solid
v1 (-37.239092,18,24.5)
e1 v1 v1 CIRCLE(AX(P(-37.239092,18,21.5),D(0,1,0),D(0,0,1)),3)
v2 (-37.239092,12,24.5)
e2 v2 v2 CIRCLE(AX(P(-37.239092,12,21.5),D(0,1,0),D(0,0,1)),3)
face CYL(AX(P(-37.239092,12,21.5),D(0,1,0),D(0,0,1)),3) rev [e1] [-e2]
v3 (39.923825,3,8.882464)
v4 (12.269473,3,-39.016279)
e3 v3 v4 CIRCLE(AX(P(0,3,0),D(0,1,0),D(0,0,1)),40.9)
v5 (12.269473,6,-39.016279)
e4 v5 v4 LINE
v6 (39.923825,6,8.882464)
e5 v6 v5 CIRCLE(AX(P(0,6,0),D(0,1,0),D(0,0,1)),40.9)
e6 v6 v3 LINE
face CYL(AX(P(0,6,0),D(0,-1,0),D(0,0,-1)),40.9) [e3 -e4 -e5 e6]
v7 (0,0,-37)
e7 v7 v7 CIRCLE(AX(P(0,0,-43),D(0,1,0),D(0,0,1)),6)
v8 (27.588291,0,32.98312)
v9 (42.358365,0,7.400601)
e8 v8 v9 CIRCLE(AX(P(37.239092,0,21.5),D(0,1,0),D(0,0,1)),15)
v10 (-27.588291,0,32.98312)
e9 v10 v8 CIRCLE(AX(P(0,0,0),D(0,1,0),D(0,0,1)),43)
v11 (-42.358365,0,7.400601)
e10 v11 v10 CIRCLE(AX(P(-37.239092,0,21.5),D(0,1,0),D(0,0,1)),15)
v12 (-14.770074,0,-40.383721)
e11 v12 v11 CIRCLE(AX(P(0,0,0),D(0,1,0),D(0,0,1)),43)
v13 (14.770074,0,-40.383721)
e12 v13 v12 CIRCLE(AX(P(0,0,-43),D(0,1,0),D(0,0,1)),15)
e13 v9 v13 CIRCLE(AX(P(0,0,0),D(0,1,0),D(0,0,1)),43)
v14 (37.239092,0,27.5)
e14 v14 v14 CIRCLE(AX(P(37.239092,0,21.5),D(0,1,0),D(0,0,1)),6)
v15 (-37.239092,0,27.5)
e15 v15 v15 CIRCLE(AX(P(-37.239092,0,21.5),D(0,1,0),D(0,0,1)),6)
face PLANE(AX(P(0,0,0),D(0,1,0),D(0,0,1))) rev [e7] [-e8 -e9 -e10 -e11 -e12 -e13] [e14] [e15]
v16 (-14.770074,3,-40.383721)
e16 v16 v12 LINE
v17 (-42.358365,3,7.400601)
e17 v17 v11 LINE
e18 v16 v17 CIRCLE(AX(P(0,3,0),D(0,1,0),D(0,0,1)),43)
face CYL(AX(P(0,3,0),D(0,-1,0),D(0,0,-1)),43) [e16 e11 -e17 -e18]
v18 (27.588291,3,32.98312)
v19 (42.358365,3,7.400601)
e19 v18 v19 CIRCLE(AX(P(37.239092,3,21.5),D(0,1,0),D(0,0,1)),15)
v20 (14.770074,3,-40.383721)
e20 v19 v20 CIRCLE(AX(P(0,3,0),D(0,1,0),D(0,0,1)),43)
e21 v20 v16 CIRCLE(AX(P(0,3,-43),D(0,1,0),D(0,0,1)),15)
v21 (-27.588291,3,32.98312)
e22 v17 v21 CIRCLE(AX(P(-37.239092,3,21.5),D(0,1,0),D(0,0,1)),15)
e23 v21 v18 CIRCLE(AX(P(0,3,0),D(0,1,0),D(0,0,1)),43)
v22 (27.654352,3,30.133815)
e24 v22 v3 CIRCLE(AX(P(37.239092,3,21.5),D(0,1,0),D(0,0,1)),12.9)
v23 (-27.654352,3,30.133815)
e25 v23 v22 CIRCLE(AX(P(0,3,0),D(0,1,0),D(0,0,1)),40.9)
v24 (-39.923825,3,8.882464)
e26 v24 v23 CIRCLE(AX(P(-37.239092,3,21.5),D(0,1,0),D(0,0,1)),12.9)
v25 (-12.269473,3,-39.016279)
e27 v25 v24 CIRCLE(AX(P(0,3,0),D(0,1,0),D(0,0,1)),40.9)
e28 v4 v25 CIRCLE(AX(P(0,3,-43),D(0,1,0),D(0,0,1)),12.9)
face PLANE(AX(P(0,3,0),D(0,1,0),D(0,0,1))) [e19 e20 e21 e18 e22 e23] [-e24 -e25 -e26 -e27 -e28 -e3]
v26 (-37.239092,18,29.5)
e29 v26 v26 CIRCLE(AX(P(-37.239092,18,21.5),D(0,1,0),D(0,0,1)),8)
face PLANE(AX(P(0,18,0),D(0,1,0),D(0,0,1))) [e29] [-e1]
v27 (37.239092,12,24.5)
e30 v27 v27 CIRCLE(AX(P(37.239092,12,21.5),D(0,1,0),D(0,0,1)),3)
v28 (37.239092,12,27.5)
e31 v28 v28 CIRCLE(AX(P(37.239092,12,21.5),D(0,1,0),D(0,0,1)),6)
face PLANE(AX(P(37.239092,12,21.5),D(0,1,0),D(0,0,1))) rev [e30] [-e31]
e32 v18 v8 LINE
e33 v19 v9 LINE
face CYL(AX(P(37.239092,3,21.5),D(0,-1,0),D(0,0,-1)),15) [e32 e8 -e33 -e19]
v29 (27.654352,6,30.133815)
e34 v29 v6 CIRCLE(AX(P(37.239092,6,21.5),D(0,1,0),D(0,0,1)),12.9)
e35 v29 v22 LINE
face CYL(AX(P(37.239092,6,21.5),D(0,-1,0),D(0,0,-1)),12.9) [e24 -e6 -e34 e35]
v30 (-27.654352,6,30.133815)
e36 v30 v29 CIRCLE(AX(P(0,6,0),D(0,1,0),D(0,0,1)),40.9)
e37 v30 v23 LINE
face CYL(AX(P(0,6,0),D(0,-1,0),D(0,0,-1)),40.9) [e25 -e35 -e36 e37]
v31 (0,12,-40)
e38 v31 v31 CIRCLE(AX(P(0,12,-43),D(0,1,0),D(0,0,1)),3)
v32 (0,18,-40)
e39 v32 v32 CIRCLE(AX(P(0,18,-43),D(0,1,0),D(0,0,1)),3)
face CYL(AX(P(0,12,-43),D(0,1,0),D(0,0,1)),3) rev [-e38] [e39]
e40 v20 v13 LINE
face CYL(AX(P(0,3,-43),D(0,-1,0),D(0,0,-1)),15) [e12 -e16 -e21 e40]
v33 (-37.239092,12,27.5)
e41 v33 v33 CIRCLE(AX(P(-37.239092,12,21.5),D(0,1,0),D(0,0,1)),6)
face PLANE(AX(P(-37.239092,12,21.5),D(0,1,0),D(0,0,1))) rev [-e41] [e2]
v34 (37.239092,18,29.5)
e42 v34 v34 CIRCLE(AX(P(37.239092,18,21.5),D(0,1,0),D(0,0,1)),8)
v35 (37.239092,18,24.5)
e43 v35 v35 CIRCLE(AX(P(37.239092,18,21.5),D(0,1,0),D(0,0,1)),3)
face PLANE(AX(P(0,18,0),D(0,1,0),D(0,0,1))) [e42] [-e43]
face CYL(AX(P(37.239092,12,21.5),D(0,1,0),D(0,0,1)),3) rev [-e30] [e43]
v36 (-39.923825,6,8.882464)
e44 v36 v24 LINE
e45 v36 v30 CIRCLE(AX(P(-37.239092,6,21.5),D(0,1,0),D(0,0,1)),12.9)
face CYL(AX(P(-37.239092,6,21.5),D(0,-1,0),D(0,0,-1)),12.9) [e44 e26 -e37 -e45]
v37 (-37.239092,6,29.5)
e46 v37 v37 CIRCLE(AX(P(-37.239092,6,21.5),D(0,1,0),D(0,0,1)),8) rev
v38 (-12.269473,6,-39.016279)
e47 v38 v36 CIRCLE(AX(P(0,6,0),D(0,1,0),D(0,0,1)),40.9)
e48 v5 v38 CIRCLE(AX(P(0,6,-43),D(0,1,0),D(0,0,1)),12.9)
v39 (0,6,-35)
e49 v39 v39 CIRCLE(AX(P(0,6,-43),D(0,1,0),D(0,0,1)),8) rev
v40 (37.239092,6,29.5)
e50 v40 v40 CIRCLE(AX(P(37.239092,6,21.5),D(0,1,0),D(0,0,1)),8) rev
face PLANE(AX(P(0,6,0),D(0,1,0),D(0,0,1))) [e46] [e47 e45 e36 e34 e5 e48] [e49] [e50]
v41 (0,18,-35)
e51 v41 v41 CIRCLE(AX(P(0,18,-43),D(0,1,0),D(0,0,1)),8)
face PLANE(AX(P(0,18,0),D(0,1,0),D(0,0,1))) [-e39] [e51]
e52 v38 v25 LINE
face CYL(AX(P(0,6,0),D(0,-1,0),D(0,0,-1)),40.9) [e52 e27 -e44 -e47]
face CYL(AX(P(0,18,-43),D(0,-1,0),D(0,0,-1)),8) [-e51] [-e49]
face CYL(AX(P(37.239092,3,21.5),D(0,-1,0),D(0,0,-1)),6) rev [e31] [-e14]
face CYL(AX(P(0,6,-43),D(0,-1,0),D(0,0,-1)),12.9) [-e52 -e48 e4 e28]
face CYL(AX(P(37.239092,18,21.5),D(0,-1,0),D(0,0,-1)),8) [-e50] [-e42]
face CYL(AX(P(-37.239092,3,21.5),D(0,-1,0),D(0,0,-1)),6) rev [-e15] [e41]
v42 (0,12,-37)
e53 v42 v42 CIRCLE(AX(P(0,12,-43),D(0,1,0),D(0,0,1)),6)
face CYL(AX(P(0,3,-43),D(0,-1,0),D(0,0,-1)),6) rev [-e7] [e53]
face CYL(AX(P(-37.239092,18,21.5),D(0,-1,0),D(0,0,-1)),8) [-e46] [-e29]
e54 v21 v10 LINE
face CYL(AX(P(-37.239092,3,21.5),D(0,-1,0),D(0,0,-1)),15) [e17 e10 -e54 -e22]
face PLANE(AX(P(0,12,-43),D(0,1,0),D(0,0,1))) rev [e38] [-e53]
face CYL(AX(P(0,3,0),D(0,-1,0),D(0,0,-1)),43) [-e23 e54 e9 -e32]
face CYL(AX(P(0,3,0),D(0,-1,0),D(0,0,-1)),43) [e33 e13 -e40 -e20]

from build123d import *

# Parameters (mm, degrees)
SKETCH1_R           = 6
BOSS_EXTRUDE1_DEPTH = 3
SKETCH1_3_R         = 8
SKETCH1_3_R_2       = 6
BOSS_EXTRUDE2_DEPTH = 18
SKETCH2_R           = 8
BOSS_EXTRUDE3_DEPTH = 3
BOSS_EXTRUDE4_START = -6
SKETCH3_R           = 6
SKETCH3_R_2         = 3
BOSS_EXTRUDE4_DEPTH = 6


with BuildPart() as part:
    # Sketch1 → Boss-Extrude1 (new body)
    with BuildSketch(Plane(origin=(0, 0, 0), x_dir=(1, 0, 0), z_dir=(0, 1, 0))):
        with BuildLine():
            ThreePointArc((42.358365189, -7.400601228), (37.239092363, 21.5), (14.770073928, 40.38372093))
            ThreePointArc((14.770073928, 40.38372093), (0, 58), (-14.770073928, 40.38372093))
            ThreePointArc((-14.770073928, 40.38372093), (-37.239092363, 21.5), (-42.358365189, -7.400601228))
            ThreePointArc((-42.358365189, -7.400601228), (-50.229473419, -29), (-27.588291261, -32.983119702))
            ThreePointArc((-27.588291261, -32.983119702), (0, -43), (27.588291261, -32.983119702))
            ThreePointArc((27.588291261, -32.983119702), (50.22947342, -29), (42.358365189, -7.400601228))
        make_face()
        with Locations((37.239092363, -21.5)):
            Circle(SKETCH1_R, mode=Mode.SUBTRACT)
        with Locations((-37.239092363, -21.5)):
            Circle(SKETCH1_R, mode=Mode.SUBTRACT)
        with Locations((0, 43)):
            Circle(SKETCH1_R, mode=Mode.SUBTRACT)
    extrude(amount=BOSS_EXTRUDE1_DEPTH)

    # Sketch1<3> → Boss-Extrude2 (add)
    # profile 1 of 3: a face of its own
    with BuildSketch(Plane(origin=(0, 0, 0), x_dir=(1, 0, 0), z_dir=(0, 1, 0))):
        with Locations((0, 43)):
            Circle(SKETCH1_3_R)
        with Locations((0, 43)):
            Circle(SKETCH1_3_R_2, mode=Mode.SUBTRACT)
    # profile 2 of 3: a face of its own
    with BuildSketch(Plane(origin=(0, 0, 0), x_dir=(1, 0, 0), z_dir=(0, 1, 0))):
        with Locations((37.239092363, -21.5)):
            Circle(SKETCH1_3_R)
        with Locations((37.239092363, -21.5)):
            Circle(SKETCH1_3_R_2, mode=Mode.SUBTRACT)
    # profile 3 of 3: a face of its own
    with BuildSketch(Plane(origin=(0, 0, 0), x_dir=(1, 0, 0), z_dir=(0, 1, 0))):
        with Locations((-37.239092363, -21.5)):
            Circle(SKETCH1_3_R)
        with Locations((-37.239092363, -21.5)):
            Circle(SKETCH1_3_R_2, mode=Mode.SUBTRACT)
    extrude(amount=BOSS_EXTRUDE2_DEPTH)

    # Sketch2 → Boss-Extrude3 (add)
    with BuildSketch(Plane(origin=(0, 3, 0), x_dir=(1, 0, 0), z_dir=(0, 1, 0))):
        with BuildLine():
            ThreePointArc((12.269472994, 39.01627907), (0, 55.9), (-12.269472994, 39.01627907))
            ThreePointArc((-12.269472994, 39.01627907), (-35.420439015, 20.45), (-39.923825333, -8.882464231))
            ThreePointArc((-39.923825333, -8.882464231), (-48.410820072, -27.95), (-27.654352339, -30.133814839))
            ThreePointArc((-27.654352339, -30.133814839), (0, -40.9), (27.654352339, -30.133814839))
            ThreePointArc((27.654352339, -30.133814839), (48.410820072, -27.95), (39.923825333, -8.882464231))
            ThreePointArc((39.923825333, -8.882464231), (35.420439015, 20.45), (12.269472994, 39.01627907))
        make_face()
        with Locations((-37.239092363, -21.5)):
            Circle(SKETCH2_R, mode=Mode.SUBTRACT)
        with Locations((37.239092363, -21.5)):
            Circle(SKETCH2_R, mode=Mode.SUBTRACT)
        with Locations((0, 43)):
            Circle(SKETCH2_R, mode=Mode.SUBTRACT)
    extrude(amount=BOSS_EXTRUDE3_DEPTH)

    # Sketch3 → Boss-Extrude4 (add)
    # profile 1 of 3: a face of its own
    with BuildSketch(Plane(origin=(0, 18, 0), x_dir=(1, 0, 0), z_dir=(0, 1, 0)).offset(BOSS_EXTRUDE4_START)):
        with Locations((-37.239092363, -21.5)):
            Circle(SKETCH3_R)
        with Locations((-37.239092363, -21.5)):
            Circle(SKETCH3_R_2, mode=Mode.SUBTRACT)
    # profile 2 of 3: a face of its own
    with BuildSketch(Plane(origin=(0, 18, 0), x_dir=(1, 0, 0), z_dir=(0, 1, 0)).offset(BOSS_EXTRUDE4_START)):
        with Locations((0, 43)):
            Circle(SKETCH3_R)
        with Locations((0, 43)):
            Circle(SKETCH3_R_2, mode=Mode.SUBTRACT)
    # profile 3 of 3: a face of its own
    with BuildSketch(Plane(origin=(0, 18, 0), x_dir=(1, 0, 0), z_dir=(0, 1, 0)).offset(BOSS_EXTRUDE4_START)):
        with Locations((37.239092363, -21.5)):
            Circle(SKETCH3_R)
        with Locations((37.239092363, -21.5)):
            Circle(SKETCH3_R_2, mode=Mode.SUBTRACT)
    extrude(amount=BOSS_EXTRUDE4_DEPTH)


solid = part.part
